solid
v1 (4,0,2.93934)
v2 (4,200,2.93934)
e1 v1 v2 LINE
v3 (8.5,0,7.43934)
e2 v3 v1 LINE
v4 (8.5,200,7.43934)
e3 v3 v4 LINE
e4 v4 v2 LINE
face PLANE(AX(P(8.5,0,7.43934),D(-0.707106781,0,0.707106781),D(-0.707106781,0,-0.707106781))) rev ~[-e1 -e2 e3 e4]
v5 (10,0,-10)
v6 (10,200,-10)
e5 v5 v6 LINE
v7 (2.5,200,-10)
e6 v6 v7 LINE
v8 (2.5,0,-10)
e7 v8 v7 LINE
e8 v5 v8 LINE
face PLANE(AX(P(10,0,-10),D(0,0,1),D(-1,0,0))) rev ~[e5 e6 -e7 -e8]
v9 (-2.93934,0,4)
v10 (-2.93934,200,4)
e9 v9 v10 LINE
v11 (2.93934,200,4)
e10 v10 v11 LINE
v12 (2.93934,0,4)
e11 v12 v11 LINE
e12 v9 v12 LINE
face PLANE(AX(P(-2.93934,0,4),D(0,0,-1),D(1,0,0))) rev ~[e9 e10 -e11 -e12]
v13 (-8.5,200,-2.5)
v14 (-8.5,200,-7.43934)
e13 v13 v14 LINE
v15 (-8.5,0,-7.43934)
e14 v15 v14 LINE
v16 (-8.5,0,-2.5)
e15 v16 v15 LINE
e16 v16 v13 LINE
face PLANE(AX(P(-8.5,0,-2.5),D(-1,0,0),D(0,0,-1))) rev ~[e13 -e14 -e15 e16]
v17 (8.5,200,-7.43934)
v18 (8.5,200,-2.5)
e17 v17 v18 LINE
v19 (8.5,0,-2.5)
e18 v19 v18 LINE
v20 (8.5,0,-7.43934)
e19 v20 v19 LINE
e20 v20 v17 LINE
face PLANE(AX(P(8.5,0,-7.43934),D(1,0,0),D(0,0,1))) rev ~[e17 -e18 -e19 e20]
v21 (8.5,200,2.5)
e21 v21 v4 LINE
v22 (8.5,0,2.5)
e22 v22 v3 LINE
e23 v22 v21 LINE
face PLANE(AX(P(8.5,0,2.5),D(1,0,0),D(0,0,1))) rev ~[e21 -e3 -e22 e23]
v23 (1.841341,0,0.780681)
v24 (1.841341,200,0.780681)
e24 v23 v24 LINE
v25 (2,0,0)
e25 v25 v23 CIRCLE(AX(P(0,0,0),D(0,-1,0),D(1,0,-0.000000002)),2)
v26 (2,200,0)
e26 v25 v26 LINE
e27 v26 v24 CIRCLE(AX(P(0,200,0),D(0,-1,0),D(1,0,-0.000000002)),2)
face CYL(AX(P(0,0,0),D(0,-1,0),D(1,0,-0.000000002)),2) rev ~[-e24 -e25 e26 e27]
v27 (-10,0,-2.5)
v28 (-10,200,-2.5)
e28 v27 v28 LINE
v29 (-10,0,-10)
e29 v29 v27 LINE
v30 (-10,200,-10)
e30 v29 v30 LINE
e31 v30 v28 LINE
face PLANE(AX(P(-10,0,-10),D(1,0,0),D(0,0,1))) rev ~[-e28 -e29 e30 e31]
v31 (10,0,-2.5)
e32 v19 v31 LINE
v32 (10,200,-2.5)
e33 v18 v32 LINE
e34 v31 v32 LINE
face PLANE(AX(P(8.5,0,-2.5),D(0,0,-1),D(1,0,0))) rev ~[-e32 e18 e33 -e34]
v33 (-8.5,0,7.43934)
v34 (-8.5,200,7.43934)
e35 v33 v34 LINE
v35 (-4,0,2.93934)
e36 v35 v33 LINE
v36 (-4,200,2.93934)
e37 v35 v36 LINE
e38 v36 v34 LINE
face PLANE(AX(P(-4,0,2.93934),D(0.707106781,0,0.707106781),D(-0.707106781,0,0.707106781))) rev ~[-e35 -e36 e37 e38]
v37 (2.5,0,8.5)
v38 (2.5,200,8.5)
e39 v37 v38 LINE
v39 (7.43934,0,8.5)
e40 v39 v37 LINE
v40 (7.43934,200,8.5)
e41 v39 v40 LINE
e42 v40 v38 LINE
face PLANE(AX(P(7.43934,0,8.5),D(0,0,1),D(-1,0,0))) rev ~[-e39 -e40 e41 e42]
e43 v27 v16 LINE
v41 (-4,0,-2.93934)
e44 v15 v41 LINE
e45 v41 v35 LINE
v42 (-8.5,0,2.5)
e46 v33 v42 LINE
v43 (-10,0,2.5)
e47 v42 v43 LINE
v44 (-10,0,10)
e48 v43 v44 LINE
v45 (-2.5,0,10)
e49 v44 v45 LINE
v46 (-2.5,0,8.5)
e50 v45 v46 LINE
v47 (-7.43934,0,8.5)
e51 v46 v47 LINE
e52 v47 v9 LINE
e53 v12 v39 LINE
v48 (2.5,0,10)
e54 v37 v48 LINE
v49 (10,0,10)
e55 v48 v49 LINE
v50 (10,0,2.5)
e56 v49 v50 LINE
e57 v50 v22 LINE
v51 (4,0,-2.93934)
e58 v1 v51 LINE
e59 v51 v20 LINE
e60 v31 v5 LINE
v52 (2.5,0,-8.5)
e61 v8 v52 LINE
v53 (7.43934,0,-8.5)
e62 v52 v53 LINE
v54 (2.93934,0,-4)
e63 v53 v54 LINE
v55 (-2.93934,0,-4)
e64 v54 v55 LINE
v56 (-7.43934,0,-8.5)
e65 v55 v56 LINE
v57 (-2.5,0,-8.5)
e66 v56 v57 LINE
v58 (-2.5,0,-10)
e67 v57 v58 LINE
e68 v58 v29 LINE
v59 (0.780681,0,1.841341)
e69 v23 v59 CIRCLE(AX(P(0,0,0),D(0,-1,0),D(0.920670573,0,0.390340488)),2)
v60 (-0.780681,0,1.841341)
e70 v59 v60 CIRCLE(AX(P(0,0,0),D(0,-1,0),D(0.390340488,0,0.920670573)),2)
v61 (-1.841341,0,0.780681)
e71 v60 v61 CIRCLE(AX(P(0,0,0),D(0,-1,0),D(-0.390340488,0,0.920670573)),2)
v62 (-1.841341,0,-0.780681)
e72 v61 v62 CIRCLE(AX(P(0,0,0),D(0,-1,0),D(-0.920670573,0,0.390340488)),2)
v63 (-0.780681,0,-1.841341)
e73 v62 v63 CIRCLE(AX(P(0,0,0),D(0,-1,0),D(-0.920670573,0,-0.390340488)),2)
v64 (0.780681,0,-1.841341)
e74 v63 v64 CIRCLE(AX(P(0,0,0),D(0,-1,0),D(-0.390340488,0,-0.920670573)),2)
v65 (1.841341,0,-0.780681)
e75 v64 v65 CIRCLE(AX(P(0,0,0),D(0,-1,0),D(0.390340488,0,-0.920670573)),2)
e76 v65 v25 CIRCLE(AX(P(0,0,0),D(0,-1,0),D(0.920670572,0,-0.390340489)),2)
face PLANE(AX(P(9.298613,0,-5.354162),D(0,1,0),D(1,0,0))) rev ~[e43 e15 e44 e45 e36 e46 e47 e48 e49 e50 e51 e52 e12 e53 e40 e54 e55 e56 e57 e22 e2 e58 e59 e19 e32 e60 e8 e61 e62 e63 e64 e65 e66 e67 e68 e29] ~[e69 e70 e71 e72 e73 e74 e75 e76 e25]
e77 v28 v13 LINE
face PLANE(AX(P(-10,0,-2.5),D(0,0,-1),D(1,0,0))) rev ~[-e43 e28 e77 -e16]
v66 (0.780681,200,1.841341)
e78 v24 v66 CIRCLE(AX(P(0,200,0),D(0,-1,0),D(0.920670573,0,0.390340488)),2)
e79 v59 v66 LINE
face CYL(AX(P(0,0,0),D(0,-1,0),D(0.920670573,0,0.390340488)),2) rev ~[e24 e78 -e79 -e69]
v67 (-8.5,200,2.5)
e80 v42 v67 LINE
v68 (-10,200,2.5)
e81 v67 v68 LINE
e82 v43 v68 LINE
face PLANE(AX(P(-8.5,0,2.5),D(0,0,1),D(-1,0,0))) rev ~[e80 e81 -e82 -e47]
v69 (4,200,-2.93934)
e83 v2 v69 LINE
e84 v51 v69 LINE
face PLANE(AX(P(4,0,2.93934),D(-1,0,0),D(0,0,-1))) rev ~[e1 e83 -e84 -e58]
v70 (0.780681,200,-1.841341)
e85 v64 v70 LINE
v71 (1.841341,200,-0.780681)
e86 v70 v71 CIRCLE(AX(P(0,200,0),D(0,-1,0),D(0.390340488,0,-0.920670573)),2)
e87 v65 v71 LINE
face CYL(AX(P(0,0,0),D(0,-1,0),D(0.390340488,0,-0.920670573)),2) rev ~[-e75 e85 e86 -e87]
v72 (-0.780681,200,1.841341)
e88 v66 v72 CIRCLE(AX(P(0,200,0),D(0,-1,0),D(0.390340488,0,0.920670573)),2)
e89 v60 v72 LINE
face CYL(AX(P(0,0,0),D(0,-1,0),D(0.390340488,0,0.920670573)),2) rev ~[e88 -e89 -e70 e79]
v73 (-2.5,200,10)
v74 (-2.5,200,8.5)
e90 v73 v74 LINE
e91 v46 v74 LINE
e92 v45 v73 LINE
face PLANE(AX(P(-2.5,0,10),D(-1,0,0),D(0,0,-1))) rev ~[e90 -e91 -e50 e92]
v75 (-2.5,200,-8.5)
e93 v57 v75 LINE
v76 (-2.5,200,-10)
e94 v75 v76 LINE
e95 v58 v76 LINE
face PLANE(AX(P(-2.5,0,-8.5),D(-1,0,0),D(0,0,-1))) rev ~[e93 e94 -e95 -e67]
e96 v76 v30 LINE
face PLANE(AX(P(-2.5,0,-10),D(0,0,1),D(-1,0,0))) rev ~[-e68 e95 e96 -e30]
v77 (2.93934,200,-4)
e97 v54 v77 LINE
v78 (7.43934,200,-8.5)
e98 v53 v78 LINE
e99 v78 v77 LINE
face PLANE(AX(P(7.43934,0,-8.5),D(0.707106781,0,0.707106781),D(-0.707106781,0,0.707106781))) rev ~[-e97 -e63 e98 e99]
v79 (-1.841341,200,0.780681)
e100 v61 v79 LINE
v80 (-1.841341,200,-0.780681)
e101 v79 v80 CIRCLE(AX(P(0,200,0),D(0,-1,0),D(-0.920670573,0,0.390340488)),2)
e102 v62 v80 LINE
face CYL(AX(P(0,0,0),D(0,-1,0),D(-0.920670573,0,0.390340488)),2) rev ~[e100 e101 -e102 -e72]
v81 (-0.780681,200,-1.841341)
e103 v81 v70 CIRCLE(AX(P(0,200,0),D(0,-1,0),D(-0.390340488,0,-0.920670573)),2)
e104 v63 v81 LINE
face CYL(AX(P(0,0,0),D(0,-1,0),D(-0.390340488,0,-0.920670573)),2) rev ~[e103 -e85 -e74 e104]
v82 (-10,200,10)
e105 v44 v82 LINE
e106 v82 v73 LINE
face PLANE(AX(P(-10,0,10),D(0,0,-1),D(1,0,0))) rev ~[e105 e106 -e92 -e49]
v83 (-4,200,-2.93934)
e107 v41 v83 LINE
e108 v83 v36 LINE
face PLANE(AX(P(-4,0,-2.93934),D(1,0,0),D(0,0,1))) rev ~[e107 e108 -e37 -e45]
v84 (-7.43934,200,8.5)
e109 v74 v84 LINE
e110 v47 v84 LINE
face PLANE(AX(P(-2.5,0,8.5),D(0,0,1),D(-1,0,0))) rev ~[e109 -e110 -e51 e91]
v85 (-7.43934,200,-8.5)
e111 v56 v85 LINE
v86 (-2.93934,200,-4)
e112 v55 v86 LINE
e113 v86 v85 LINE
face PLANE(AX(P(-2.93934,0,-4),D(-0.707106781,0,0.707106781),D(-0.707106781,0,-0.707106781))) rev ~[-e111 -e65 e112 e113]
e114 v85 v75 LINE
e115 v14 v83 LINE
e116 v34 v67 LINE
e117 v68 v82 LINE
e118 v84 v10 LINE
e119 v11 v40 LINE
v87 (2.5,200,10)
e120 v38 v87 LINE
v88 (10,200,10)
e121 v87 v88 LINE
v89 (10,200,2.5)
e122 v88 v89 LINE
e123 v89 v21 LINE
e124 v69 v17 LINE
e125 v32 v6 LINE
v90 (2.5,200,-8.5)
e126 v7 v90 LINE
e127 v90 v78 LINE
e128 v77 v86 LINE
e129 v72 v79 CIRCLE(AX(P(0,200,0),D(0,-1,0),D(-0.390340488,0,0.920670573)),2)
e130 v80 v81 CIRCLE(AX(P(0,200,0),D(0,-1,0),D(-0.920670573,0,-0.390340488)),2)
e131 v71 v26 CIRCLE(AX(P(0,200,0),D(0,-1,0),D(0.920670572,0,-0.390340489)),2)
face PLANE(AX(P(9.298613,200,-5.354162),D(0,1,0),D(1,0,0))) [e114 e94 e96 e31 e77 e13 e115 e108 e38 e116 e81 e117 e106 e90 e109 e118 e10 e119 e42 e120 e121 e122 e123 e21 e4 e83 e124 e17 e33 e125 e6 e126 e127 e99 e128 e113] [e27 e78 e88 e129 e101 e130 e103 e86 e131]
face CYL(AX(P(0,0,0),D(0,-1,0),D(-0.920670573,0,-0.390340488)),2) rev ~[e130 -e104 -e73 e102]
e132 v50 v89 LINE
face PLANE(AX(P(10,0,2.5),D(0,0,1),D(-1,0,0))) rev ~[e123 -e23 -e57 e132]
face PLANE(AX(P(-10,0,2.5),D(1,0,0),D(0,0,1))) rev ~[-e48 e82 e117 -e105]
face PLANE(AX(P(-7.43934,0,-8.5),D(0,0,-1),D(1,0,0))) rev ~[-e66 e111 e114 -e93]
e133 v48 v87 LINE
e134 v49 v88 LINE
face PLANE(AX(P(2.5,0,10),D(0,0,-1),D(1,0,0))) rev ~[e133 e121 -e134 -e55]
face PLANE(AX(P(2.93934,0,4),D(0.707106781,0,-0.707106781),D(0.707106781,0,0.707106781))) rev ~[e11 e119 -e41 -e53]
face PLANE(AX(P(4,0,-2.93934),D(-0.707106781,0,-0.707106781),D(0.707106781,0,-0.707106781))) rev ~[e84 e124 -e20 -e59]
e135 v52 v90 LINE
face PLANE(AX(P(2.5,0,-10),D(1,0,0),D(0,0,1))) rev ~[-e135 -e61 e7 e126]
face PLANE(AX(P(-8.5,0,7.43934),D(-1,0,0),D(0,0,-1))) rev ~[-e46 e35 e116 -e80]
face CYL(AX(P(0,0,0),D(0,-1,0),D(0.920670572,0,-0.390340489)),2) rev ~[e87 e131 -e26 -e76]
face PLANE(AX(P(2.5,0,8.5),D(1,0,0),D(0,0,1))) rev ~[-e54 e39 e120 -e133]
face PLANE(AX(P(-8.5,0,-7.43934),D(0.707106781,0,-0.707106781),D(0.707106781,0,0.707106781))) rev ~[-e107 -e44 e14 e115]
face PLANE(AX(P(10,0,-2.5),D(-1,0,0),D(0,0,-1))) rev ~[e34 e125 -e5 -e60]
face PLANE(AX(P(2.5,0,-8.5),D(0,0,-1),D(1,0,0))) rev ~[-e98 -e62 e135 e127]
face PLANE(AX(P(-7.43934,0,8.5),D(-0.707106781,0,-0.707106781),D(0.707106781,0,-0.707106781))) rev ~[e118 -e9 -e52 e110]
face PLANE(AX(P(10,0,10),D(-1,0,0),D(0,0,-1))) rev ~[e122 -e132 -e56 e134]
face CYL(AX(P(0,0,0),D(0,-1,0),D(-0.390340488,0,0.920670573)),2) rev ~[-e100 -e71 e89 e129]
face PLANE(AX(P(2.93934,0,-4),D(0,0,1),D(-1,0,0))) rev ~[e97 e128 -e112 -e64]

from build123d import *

# Parameters (mm, degrees)
DODANIE_WYCI_GNI_CIE1_DEPTH = 200


with BuildPart() as part:
    # Szkic1 → Dodanie-wyciągnięcie1 (new body)
    with BuildSketch(Plane(origin=(0, 0, 0), x_dir=(1, 0, 0), z_dir=(0, 1, 0))):
        Polygon((9.560660172, 8.5), (8.5, 7.439339828), (8.5, 2.5), (10, 2.5), (10, 8.5), align=None)
        Polygon((-8.5, 9.560660172), (-7.439339828, 8.5), (-2.5, 8.5), (-2.5, 10), (-8.5, 10), align=None)
        Polygon((-8.939339828, 10), (-8.5, 9.560660172), (-8.5, 10), align=None)
        Polygon((-10, 10), (-10, 8.939339828), (-9.560660172, 8.5), (-8.5, 8.5), (-8.5, 9.560660172), (-8.939339828, 10), align=None)
        Polygon((-10, 8.939339828), (-10, 8.5), (-9.560660172, 8.5), align=None)
        Polygon((-10, 8.5), (-10, 2.5), (-8.5, 2.5), (-8.5, 7.439339828), (-9.560660172, 8.5), align=None)
        Polygon((-9.560660172, 8.5), (-8.5, 7.439339828), (-8.5, 8.5), align=None)
        Polygon((-8.5, 9.560660172), (-8.5, 8.5), (-7.439339828, 8.5), align=None)
        Polygon((-8.5, 7.439339828), (-4, 2.939339828), (-4, 4), (-2.939339828, 4), (-7.439339828, 8.5), (-8.5, 8.5), align=None)
        Polygon((-10, -10), (-8.939339828, -10), (-8.5, -9.560660172), (-8.5, -8.5), (-9.560660172, -8.5), (-10, -8.939339828), align=None)
        Polygon((-10, -8.5), (-10, -8.939339828), (-9.560660172, -8.5), align=None)
        Polygon((-10, -2.5), (-10, -8.5), (-9.560660172, -8.5), (-8.5, -7.439339828), (-8.5, -2.5), align=None)
        Polygon((-9.560660172, -8.5), (-8.5, -8.5), (-8.5, -7.439339828), align=None)
        Polygon((-8.5, -8.5), (-8.5, -9.560660172), (-7.439339828, -8.5), align=None)
        Polygon((-8.5, -9.560660172), (-8.939339828, -10), (-8.5, -10), align=None)
        Polygon((-7.439339828, -8.5), (-8.5, -9.560660172), (-8.5, -10), (-2.5, -10), (-2.5, -8.5), align=None)
        Polygon((-8.5, -8.5), (-7.439339828, -8.5), (-2.939339828, -4), (-4, -4), (-4, -2.939339828), (-8.5, -7.439339828), align=None)
        with BuildLine():
            Line((-2.939339828, 4), (-0.780680974, 1.841341146))
            ThreePointArc((-0.780680974, 1.841341146), (0, 2), (0.780680974, 1.841341146))
            Line((0.780680974, 1.841341146), (2.939339828, 4))
            Line((2.939339828, 4), (-2.939339828, 4))
        make_face()
        with BuildLine():
            Line((-4, 4), (-4, 2.939339828))
            Line((-4, 2.939339828), (-1.841341146, 0.780680974))
            ThreePointArc((-1.841341146, 0.780680974), (-1.414213562, 1.414213562), (-0.780680974, 1.841341146))
            Line((-0.780680974, 1.841341146), (-2.939339828, 4))
            Line((-2.939339828, 4), (-4, 4))
        make_face()
        with BuildLine():
            Line((-4, 2.939339828), (-4, -2.939339828))
            Line((-4, -2.939339828), (-1.841341146, -0.780680974))
            ThreePointArc((-1.841341146, -0.780680974), (-2, 0), (-1.841341146, 0.780680974))
            Line((-1.841341146, 0.780680974), (-4, 2.939339828))
        make_face()
        with BuildLine():
            Line((-4, -4), (-2.939339828, -4))
            Line((-2.939339828, -4), (-0.780680974, -1.841341146))
            ThreePointArc((-0.780680974, -1.841341146), (-1.414213562, -1.414213562), (-1.841341146, -0.780680974))
            Line((-1.841341146, -0.780680974), (-4, -2.939339828))
            Line((-4, -2.939339828), (-4, -4))
        make_face()
        with BuildLine():
            Line((-0.780680974, -1.841341146), (-2.939339828, -4))
            Line((-2.939339828, -4), (2.939339828, -4))
            Line((2.939339828, -4), (0.780680974, -1.841341146))
            ThreePointArc((0.780680974, -1.841341146), (0, -2), (-0.780680974, -1.841341146))
        make_face()
        with BuildLine():
            Line((0.780680974, -1.841341146), (2.939339828, -4))
            Line((2.939339828, -4), (4, -4))
            Line((4, -4), (4, -2.939339828))
            Line((4, -2.939339828), (1.841341146, -0.780680974))
            ThreePointArc((1.841341146, -0.780680974), (1.414213562, -1.414213562), (0.780680974, -1.841341146))
        make_face()
        with BuildLine():
            ThreePointArc((2, 0), (1.959933965, -0.39832004), (1.841341146, -0.780680974))
            Line((1.841341146, -0.780680974), (4, -2.939339828))
            Line((4, -2.939339828), (4, 2.939339828))
            Line((4, 2.939339828), (1.841341146, 0.780680974))
            ThreePointArc((1.841341146, 0.780680974), (1.959933965, 0.39832004), (2, 0))
        make_face()
        with BuildLine():
            ThreePointArc((0.780680974, 1.841341146), (1.414213562, 1.414213562), (1.841341146, 0.780680974))
            Line((1.841341146, 0.780680974), (4, 2.939339828))
            Line((4, 2.939339828), (4, 4))
            Line((4, 4), (2.939339828, 4))
            Line((2.939339828, 4), (0.780680974, 1.841341146))
        make_face()
        Polygon((2.5, 8.5), (7.439339828, 8.5), (8.5, 9.560660172), (8.5, 10), (2.5, 10), align=None)
        Polygon((7.439339828, 8.5), (8.5, 8.5), (8.5, 9.560660172), align=None)
        Polygon((8.5, 10), (8.5, 9.560660172), (8.939339828, 10), align=None)
        Polygon((8.5, 8.5), (9.560660172, 8.5), (10, 8.939339828), (10, 10), (8.939339828, 10), (8.5, 9.560660172), align=None)
        Polygon((8.5, 8.5), (8.5, 7.439339828), (9.560660172, 8.5), align=None)
        Polygon((10, 8.939339828), (9.560660172, 8.5), (10, 8.5), align=None)
        Polygon((4, 4), (4, 2.939339828), (8.5, 7.439339828), (8.5, 8.5), (7.439339828, 8.5), (2.939339828, 4), align=None)
        Polygon((4, -4), (2.939339828, -4), (7.439339828, -8.5), (8.5, -8.5), (8.5, -7.439339828), (4, -2.939339828), align=None)
        Polygon((8.5, -8.5), (7.439339828, -8.5), (8.5, -9.560660172), align=None)
        Polygon((8.5, -7.439339828), (8.5, -8.5), (9.560660172, -8.5), align=None)
        Polygon((8.5, -2.5), (8.5, -7.439339828), (9.560660172, -8.5), (10, -8.5), (10, -2.5), align=None)
        Polygon((2.5, -8.5), (2.5, -10), (8.5, -10), (8.5, -9.560660172), (7.439339828, -8.5), align=None)
        Polygon((8.5, -9.560660172), (8.939339828, -10), (10, -10), (10, -8.939339828), (9.560660172, -8.5), (8.5, -8.5), align=None)
        Polygon((8.5, -9.560660172), (8.5, -10), (8.939339828, -10), align=None)
        Polygon((10, -8.5), (9.560660172, -8.5), (10, -8.939339828), align=None)
    extrude(amount=DODANIE_WYCI_GNI_CIE1_DEPTH)


solid = part.part
